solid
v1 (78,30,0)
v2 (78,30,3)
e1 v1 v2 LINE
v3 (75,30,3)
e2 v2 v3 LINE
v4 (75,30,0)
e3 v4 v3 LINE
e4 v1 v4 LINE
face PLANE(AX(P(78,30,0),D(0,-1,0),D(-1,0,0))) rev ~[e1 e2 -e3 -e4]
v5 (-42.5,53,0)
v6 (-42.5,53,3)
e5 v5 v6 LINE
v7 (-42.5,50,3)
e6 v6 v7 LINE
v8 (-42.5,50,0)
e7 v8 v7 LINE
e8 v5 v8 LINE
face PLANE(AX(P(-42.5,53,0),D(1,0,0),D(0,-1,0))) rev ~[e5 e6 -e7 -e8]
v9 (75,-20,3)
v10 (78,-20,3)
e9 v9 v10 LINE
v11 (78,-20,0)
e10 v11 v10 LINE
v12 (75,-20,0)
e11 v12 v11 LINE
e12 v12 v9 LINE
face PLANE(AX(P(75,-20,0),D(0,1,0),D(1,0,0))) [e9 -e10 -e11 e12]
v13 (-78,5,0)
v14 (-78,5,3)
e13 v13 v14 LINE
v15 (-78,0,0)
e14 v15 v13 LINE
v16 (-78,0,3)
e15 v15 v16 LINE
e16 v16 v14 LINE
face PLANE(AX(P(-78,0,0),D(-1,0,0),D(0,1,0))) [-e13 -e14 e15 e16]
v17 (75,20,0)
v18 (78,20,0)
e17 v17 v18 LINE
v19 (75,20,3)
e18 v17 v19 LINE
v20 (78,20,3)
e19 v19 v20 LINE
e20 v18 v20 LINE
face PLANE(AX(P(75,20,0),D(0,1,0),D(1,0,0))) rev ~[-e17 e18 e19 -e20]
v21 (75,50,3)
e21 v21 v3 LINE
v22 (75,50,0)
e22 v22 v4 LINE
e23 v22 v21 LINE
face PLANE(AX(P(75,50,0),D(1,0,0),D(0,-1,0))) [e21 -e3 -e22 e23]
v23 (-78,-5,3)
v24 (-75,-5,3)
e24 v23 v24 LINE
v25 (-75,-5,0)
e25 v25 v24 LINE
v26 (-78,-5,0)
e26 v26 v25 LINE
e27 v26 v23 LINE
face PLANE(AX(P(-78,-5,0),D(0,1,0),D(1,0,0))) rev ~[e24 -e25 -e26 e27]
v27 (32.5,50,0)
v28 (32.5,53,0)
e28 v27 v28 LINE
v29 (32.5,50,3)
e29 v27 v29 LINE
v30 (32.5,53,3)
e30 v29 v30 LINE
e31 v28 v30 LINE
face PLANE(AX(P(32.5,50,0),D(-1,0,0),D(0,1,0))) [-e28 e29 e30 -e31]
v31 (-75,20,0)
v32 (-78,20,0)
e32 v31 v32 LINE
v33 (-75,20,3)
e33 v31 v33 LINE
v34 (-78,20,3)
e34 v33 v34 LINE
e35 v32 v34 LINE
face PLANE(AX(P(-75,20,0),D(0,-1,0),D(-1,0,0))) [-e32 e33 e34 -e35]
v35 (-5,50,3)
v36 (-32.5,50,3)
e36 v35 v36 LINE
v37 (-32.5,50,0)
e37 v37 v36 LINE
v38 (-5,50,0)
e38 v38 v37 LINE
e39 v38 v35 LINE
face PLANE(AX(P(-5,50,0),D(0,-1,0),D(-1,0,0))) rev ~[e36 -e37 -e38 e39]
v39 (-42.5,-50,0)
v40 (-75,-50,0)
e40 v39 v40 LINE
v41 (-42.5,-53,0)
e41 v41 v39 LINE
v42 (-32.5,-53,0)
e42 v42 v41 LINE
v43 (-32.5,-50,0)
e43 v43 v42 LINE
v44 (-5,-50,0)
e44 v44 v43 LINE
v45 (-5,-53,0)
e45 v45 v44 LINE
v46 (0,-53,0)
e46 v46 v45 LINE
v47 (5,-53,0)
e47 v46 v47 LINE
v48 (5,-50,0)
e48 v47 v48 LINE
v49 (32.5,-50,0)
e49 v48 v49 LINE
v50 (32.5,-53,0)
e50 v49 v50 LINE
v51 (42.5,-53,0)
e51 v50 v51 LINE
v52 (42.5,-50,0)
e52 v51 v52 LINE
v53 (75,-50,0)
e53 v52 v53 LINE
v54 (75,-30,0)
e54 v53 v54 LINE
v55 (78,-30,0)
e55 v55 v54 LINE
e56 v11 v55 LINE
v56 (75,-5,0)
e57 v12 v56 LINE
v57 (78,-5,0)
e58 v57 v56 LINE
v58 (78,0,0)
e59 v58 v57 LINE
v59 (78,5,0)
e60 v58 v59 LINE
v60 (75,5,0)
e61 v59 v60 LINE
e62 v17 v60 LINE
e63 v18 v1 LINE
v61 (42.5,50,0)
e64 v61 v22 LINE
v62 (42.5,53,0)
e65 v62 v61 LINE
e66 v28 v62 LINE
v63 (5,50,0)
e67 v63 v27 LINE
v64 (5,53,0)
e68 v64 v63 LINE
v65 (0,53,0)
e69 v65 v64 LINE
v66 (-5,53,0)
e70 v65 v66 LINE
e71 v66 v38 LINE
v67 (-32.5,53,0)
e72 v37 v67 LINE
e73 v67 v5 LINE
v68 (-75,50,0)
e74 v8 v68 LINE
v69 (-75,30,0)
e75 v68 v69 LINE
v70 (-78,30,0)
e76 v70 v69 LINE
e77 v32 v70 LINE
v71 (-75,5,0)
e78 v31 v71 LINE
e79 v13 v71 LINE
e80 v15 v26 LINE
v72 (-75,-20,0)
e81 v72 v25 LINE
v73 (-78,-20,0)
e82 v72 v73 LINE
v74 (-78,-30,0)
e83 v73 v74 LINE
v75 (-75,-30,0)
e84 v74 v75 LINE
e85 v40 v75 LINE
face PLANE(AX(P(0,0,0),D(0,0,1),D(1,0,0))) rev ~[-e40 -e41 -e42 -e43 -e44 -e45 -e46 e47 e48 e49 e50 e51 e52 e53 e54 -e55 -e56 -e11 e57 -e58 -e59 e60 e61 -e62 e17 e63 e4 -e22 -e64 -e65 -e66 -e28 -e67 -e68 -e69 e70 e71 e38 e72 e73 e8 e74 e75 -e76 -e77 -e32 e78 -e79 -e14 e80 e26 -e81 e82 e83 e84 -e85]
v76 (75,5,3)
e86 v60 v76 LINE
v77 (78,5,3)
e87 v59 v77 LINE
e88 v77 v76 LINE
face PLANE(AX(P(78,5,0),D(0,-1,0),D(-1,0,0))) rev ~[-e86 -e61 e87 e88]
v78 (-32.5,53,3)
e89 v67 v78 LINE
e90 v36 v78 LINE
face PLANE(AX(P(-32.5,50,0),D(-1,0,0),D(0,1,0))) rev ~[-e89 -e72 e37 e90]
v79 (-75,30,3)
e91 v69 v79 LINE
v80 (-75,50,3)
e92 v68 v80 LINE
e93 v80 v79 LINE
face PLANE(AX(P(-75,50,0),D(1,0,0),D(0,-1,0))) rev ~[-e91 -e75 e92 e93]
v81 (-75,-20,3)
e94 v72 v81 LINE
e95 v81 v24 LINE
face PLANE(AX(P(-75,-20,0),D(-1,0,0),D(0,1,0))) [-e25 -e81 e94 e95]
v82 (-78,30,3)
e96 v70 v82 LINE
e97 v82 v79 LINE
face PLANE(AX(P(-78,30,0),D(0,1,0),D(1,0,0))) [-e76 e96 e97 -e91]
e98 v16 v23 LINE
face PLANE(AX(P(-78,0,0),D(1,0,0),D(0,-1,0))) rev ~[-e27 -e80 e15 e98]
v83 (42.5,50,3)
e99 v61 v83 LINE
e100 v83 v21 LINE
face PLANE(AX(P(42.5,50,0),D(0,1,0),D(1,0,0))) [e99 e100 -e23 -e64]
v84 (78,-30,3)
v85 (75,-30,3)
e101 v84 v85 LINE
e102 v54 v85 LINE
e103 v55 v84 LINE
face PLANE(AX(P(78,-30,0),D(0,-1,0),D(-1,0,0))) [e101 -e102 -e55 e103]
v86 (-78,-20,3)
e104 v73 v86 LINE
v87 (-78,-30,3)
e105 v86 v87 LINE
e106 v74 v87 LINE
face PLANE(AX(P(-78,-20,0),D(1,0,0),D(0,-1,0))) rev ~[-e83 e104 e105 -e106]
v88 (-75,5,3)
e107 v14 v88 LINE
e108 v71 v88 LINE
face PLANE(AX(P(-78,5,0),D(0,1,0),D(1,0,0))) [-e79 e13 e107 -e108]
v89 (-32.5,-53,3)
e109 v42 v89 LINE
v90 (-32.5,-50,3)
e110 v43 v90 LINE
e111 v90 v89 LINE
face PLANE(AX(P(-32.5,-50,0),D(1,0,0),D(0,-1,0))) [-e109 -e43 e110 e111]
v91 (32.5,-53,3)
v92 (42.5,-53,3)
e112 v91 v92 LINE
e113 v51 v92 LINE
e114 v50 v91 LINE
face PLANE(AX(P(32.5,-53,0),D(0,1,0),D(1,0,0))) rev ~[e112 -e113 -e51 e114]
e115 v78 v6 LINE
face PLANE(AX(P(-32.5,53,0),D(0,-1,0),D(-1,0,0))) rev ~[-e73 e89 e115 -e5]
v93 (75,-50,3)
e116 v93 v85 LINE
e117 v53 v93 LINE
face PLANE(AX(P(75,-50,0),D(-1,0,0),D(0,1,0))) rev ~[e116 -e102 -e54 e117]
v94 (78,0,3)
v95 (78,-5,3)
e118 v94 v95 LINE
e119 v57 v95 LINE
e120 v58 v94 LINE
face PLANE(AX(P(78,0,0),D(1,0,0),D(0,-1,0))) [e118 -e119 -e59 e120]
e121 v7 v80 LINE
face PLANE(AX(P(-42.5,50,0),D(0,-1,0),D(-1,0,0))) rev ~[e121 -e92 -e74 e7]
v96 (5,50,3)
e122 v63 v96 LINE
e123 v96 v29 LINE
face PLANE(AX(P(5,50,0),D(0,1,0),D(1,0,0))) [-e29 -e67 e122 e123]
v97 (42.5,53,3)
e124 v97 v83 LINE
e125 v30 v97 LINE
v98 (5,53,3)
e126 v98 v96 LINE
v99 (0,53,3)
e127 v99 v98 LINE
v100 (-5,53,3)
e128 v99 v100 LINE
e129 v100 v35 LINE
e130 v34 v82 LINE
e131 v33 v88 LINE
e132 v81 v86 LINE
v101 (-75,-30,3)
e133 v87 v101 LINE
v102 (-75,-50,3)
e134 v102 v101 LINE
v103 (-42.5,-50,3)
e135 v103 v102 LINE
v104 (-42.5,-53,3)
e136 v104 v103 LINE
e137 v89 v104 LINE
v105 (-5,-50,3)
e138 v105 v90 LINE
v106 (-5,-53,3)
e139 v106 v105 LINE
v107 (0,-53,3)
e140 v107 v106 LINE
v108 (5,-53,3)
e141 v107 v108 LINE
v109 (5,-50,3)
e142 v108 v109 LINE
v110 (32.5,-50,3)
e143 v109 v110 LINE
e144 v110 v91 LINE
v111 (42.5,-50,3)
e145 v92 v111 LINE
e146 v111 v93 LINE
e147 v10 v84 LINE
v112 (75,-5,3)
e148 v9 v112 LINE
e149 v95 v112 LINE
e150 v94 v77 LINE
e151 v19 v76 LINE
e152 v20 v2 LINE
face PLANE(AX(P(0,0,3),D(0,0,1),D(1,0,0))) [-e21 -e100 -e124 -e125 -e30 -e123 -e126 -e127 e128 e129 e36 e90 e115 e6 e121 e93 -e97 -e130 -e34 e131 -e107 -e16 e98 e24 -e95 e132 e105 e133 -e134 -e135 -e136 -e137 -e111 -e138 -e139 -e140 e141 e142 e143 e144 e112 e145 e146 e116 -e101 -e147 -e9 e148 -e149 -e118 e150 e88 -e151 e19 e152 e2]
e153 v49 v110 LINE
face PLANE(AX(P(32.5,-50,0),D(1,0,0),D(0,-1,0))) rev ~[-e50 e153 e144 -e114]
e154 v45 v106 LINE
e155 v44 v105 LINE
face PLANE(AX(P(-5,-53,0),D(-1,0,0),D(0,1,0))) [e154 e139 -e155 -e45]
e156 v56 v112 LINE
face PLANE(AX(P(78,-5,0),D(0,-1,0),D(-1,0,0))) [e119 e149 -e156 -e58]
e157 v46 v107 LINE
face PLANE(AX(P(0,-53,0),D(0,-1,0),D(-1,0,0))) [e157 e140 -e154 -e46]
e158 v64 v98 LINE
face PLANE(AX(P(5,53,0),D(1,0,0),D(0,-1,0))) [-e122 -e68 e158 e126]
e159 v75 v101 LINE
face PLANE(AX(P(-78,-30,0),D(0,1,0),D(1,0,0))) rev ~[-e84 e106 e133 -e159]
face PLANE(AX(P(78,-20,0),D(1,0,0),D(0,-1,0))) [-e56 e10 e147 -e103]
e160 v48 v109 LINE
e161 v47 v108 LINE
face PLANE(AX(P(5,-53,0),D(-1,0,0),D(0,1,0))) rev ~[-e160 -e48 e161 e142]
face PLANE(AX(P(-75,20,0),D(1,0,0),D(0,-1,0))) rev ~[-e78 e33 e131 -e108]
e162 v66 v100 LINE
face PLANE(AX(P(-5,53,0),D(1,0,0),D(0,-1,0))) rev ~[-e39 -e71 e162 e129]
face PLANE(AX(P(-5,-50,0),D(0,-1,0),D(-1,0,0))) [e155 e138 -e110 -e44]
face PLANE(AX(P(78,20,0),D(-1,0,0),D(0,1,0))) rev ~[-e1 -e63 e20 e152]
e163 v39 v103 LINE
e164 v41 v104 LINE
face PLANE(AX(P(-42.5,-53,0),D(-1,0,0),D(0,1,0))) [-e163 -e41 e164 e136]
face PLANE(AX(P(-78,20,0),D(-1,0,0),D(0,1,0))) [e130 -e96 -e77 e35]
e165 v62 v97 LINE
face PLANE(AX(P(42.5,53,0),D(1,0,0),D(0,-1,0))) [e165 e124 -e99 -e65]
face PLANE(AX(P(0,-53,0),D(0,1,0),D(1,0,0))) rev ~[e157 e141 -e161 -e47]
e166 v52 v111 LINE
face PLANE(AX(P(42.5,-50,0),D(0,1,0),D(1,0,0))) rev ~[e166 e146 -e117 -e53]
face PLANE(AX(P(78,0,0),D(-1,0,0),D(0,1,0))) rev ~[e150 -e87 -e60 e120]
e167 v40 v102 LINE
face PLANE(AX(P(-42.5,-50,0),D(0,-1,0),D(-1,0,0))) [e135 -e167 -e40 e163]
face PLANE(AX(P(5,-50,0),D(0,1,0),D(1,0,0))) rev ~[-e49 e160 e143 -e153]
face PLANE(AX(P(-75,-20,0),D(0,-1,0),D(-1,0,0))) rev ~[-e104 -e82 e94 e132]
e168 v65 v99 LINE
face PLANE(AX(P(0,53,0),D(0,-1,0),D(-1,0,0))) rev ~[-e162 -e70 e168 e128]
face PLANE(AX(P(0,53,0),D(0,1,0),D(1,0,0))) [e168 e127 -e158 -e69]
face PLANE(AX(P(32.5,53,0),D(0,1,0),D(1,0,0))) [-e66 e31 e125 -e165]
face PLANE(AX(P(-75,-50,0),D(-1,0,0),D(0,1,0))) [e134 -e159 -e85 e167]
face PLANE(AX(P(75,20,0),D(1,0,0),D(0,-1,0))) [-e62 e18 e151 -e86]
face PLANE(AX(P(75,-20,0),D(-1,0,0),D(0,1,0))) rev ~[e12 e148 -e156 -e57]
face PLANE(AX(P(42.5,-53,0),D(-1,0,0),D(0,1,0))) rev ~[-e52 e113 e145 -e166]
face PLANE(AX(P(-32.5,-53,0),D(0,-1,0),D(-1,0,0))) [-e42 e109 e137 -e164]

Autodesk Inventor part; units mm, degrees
ref_plane "YZ Plane" through (0, 0, 0) normal (1, 0, 0) x (0, 1, 0)
ref_plane "XZ Plane" through (0, 0, 0) normal (0, 1, 0) x (-1, 0, 0)
ref_plane "XY Plane" through (0, 0, 0) normal (0, 0, 1) x (1, 0, 0)
sketch "Эскиз1" plane through (0, 0, 0) normal (0, 0, 1) x (1, 0, 0)
  line L0 (0, 53) -> (5, 53)
  line L1 (5, 53) -> (5, 50)
  line L2 (32.5, 53) -> (42.5, 53)
  line L3 (42.5, 53) -> (42.5, 50)
  line L4 (32.5, 50) -> (32.5, 53)
  line L5 (78, 30) -> (75, 30)
  line L6 (75, 20) -> (78, 20)
  line L7 (78, 20) -> (78, 30)
  line L8 (78, 5) -> (75, 5)
  line L9 (78, 0) -> (78, 5)
  line L10 (5, 50) -> (32.5, 50)
  line L11 (42.5, 50) -> (75, 50)
  line L12 (5, 50) -> (32.5, 50)
  line L13 (42.5, 50) -> (75, 50)
  line L14 (75, 50) -> (75, 30)
  line L15 (75, 20) -> (75, 5)
  line L16 (75, 50) -> (75, 30)
  line L17 (75, 20) -> (75, 5)
  line L18 (32.5, -53) -> (42.5, -53)
  line L19 (32.5, -50) -> (32.5, -53)
  line L20 (5, -50) -> (32.5, -50)
  line L21 (5, -50) -> (32.5, -50)
  line L22 (5, -53) -> (5, -50)
  line L23 (0, -53) -> (5, -53)
  line L24 (42.5, -53) -> (42.5, -50)
  line L25 (42.5, -50) -> (75, -50)
  line L26 (42.5, -50) -> (75, -50)
  line L27 (75, -50) -> (75, -30)
  line L28 (75, -50) -> (75, -30)
  line L29 (78, -30) -> (75, -30)
  line L30 (75, -20) -> (78, -20)
  line L31 (78, -20) -> (78, -30)
  line L32 (75, -20) -> (75, -5)
  line L33 (75, -20) -> (75, -5)
  line L34 (78, -5) -> (75, -5)
  line L35 (78, 0) -> (78, -5)
  line L36 (-32.5, 53) -> (-42.5, 53)
  line L37 (-32.5, 50) -> (-32.5, 53)
  line L38 (-5, 50) -> (-32.5, 50)
  line L39 (-5, 50) -> (-32.5, 50)
  line L40 (-5, 53) -> (-5, 50)
  line L41 (0, 53) -> (-5, 53)
  line L42 (-42.5, 53) -> (-42.5, 50)
  line L43 (-42.5, 50) -> (-75, 50)
  line L44 (-75, 50) -> (-75, 30)
  line L45 (-75, 50) -> (-75, 30)
  line L46 (-78, 30) -> (-75, 30)
  line L47 (-75, 20) -> (-78, 20)
  line L48 (-78, 20) -> (-78, 30)
  line L49 (-75, 20) -> (-75, 5)
  line L50 (-75, 20) -> (-75, 5)
  line L51 (-42.5, 50) -> (-75, 50)
  line L52 (-32.5, -53) -> (-42.5, -53)
  line L53 (-32.5, -50) -> (-32.5, -53)
  line L54 (-5, -50) -> (-32.5, -50)
  line L55 (-5, -50) -> (-32.5, -50)
  line L56 (0, -53) -> (-5, -53)
  line L57 (-5, -53) -> (-5, -50)
  line L58 (-78, 5) -> (-75, 5)
  line L59 (-78, 0) -> (-78, 5)
  line L60 (-78, 0) -> (-78, -5)
  line L61 (-78, -5) -> (-75, -5)
  line L62 (-75, -20) -> (-75, -5)
  line L63 (-75, -20) -> (-75, -5)
  line L64 (-75, -20) -> (-78, -20)
  line L65 (-78, -30) -> (-75, -30)
  line L66 (-78, -20) -> (-78, -30)
  line L67 (-75, -50) -> (-75, -30)
  line L68 (-75, -50) -> (-75, -30)
  line L69 (-42.5, -50) -> (-75, -50)
  line L70 (-42.5, -50) -> (-75, -50)
  line L71 (-42.5, -53) -> (-42.5, -50)
  point P0 (37.5, 50)
  point P1 (75, 25)
  point P2 (37.5, -50)
  point P3 (75, -25)
  point P4 (-37.5, 50)
  point P5 (-37.5, -50)
extrude "Выдавливание1" add sketch "Эскиз1" along normal blind 3
properties part number "Врех и низ"
